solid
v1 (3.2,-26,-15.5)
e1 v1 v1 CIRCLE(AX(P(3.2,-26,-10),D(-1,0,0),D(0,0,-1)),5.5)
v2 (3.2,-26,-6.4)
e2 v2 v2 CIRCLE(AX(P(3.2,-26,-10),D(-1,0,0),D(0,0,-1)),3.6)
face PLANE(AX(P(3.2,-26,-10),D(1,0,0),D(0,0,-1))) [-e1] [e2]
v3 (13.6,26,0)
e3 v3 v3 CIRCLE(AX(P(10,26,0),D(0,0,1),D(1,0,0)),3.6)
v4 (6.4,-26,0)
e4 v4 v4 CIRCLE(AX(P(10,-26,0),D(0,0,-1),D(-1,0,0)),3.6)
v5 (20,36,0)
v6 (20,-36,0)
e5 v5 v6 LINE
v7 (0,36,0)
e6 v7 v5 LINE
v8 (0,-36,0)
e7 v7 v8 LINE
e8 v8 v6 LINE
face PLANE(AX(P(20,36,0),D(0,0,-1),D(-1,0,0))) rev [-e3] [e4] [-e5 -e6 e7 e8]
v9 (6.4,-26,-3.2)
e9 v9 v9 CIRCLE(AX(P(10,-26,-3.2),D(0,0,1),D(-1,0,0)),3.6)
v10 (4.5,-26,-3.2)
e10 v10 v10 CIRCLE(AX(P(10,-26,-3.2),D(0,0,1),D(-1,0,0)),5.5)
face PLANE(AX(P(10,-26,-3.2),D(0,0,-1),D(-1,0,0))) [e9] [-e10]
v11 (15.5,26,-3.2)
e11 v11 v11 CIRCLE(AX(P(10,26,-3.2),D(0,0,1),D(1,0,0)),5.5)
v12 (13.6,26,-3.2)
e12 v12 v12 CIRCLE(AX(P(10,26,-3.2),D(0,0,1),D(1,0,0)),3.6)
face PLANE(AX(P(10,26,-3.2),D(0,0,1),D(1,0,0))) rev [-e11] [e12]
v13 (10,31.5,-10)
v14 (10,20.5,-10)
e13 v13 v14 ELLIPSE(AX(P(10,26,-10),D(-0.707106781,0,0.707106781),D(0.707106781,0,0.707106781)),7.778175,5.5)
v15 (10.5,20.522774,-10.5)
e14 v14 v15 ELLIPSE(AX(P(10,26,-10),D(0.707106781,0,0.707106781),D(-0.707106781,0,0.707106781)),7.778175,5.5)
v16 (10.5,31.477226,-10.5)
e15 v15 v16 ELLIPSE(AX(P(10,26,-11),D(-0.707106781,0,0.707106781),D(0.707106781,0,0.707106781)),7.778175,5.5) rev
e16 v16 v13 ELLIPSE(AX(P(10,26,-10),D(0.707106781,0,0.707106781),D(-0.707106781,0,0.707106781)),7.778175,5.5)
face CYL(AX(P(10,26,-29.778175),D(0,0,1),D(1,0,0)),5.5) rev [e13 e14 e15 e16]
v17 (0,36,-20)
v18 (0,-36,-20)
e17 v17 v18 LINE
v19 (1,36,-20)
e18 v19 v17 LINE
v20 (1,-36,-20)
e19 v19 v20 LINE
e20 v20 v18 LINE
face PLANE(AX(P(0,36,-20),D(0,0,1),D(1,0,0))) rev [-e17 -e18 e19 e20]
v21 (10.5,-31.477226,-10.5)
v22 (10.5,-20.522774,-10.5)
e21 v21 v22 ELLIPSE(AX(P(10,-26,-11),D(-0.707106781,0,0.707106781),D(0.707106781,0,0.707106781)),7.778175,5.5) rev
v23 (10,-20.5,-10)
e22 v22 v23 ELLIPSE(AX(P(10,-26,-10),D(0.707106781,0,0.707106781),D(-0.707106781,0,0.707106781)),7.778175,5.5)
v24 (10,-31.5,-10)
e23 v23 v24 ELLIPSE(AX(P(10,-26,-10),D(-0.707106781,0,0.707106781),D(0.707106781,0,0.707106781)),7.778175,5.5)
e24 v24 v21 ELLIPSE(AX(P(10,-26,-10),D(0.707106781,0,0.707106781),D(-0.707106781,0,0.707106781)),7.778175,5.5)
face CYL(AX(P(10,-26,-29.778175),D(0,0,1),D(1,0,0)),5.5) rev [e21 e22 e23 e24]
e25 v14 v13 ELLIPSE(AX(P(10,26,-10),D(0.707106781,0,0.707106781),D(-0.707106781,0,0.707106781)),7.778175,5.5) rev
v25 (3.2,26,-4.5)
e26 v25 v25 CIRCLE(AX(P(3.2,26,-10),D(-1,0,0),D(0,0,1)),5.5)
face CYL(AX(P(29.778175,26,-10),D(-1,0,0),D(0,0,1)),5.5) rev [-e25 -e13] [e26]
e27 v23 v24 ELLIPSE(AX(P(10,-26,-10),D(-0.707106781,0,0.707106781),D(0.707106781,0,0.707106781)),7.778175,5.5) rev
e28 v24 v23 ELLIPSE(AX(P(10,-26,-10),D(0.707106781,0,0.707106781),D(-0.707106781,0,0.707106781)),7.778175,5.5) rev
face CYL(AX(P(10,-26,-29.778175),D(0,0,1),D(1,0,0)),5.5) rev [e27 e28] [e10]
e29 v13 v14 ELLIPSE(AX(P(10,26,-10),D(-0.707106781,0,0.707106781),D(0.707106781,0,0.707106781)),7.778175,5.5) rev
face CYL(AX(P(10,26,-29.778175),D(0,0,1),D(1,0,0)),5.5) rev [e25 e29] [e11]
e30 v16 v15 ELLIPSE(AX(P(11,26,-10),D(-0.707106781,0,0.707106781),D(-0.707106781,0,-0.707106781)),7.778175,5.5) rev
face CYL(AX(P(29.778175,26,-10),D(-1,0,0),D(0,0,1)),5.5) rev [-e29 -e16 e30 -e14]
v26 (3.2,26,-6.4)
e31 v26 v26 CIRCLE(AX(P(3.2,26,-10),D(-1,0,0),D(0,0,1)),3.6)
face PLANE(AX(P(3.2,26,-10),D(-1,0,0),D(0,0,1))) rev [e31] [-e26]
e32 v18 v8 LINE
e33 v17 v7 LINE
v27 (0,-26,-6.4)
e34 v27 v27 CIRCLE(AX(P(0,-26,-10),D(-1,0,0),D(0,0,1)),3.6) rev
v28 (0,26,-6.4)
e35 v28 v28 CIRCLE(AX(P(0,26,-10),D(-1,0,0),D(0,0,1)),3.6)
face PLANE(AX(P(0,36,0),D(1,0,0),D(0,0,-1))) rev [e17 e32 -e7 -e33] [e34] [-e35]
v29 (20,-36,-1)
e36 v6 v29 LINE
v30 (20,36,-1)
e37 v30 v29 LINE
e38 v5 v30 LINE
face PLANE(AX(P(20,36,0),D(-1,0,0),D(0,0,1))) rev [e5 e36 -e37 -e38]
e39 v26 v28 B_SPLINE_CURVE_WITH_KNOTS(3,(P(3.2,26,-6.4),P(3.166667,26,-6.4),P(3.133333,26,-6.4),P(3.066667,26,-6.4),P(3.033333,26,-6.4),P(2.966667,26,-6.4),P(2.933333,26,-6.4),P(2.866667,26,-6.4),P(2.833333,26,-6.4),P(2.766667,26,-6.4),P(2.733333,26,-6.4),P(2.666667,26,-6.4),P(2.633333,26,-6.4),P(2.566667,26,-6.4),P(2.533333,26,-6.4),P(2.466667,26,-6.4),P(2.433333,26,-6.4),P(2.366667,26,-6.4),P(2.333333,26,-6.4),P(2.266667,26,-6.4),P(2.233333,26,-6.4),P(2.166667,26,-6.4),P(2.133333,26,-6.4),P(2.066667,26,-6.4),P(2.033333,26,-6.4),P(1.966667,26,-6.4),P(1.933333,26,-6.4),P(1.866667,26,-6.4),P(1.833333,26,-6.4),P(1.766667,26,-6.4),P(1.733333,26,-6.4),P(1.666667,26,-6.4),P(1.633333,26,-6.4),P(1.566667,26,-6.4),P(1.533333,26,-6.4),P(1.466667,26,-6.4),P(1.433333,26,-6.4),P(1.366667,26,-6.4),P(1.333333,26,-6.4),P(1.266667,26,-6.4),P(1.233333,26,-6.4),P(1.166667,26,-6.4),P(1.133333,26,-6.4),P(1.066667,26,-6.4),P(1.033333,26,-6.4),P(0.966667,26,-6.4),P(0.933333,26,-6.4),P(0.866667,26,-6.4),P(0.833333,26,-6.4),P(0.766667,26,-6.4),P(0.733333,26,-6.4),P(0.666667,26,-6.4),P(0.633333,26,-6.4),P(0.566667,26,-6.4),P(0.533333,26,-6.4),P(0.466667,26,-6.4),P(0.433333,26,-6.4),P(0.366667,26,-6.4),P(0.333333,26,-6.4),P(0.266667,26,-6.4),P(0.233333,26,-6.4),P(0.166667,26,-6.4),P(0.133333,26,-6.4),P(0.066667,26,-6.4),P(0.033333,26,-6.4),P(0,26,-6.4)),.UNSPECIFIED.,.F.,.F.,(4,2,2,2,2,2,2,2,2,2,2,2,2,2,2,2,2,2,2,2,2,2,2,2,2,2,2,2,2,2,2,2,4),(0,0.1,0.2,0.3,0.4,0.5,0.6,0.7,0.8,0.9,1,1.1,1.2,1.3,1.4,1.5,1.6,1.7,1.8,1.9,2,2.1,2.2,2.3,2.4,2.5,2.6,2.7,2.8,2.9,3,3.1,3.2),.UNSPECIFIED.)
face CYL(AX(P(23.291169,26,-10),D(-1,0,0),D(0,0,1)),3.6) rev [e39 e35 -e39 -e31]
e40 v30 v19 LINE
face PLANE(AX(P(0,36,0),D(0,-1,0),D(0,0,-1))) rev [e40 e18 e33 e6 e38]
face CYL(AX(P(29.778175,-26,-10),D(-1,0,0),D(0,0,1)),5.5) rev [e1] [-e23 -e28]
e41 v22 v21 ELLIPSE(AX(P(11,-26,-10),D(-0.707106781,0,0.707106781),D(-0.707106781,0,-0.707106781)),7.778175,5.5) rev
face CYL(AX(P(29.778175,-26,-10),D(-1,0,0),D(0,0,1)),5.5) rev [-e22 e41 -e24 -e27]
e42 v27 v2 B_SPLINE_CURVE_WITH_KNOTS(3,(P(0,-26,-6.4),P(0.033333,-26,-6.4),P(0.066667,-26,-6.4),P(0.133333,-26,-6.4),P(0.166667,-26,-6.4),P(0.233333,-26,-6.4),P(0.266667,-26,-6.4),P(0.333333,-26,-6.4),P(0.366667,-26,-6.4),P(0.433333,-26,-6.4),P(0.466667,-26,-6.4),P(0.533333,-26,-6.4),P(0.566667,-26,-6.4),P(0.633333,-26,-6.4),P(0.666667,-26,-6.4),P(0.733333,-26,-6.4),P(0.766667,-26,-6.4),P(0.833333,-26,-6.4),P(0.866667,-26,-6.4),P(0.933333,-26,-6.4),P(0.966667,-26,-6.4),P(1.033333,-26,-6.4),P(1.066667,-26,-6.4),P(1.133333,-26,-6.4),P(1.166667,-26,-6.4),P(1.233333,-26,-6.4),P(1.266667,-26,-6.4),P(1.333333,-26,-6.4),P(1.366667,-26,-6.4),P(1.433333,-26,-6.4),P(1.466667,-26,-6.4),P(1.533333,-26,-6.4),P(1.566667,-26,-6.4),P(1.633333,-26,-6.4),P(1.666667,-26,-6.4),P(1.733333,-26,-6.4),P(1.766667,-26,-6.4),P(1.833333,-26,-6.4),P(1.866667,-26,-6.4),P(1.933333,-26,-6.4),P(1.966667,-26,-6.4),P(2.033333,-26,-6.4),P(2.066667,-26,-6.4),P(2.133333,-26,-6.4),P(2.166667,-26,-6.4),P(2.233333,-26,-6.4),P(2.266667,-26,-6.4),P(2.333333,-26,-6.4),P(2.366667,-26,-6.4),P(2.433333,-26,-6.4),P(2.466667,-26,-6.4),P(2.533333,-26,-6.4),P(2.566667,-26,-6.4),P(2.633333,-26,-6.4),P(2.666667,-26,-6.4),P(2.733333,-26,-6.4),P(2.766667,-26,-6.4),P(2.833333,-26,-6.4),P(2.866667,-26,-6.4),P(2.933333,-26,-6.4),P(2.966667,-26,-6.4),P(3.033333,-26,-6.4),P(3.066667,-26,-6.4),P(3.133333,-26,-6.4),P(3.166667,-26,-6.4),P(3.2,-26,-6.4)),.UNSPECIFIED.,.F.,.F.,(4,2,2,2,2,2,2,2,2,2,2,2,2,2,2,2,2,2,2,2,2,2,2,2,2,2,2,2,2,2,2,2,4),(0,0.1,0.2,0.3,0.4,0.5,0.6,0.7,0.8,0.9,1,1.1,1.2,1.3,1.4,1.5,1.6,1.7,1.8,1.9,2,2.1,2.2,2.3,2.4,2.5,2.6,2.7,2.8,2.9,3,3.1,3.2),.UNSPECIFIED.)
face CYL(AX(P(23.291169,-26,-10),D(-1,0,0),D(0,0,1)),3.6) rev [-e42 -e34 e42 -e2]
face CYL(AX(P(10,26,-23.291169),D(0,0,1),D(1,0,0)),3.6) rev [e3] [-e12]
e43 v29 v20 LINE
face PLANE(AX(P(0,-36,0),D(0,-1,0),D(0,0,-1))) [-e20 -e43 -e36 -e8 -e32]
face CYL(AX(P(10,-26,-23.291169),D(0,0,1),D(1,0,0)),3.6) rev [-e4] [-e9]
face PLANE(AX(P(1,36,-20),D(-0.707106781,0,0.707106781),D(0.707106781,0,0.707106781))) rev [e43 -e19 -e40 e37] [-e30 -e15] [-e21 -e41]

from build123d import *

# Parameters (mm, degrees)
BOSS_EXTRUDE1_DEPTH = 36
CUT_EXTRUDE1_REACH  = 47.782
SKETCH3_R           = 3.6
CUT_EXTRUDE3_REACH  = 50.982
CUT_EXTRUDE3_START  = -3.2
SKETCH3_4_R         = 5.5
SKETCH3_4_R_2       = 3.6
CUT_EXTRUDE2_REACH  = 47.782
SKETCH4_R           = 3.6
CUT_EXTRUDE4_REACH  = 50.982
CUT_EXTRUDE4_START  = -3.2
SKETCH4_3_R         = 5.5
SKETCH4_3_R_2       = 3.6


with BuildPart() as part:
    # Sketch2 → Boss-Extrude1 (new, symmetric)
    with BuildSketch(Plane(origin=(0, 0, 0), x_dir=(1, 0, 0), z_dir=(0, 1, 0))):
        Polygon((0, 0), (0, 20), (1, 20), (20, 1), (20, 0), align=None)
    extrude(amount=BOSS_EXTRUDE1_DEPTH, both=True)

    # Cut-Extrude1: up to this plane
    cut_extrude1_end = Plane(origin=(1, 36, -20), z_dir=(-0.7071067811865476, 0, 0.7071067811865476))
    # Sketch3 → Cut-Extrude1 (cut, up to the surface)
    with BuildSketch(Plane.XY, mode=Mode.PRIVATE) as cut_extrude1_sk1:
        with Locations((10, 26)):
            Circle(SKETCH3_R)
    cut_extrude1_tool1 = split(extrude(cut_extrude1_sk1.sketch, amount=-CUT_EXTRUDE1_REACH, mode=Mode.PRIVATE), bisect_by=cut_extrude1_end, keep=Keep.BOTH, mode=Mode.PRIVATE)
    add(cut_extrude1_tool1.solids().sort_by_distance((10, 26, 0))[0], mode=Mode.SUBTRACT)
    # Sketch3 → Cut-Extrude1 (cut, up to the surface)
    with BuildSketch(Plane.XY, mode=Mode.PRIVATE) as cut_extrude1_sk2:
        with Locations((10, -26)):
            Circle(SKETCH3_R)
    cut_extrude1_tool2 = split(extrude(cut_extrude1_sk2.sketch, amount=-CUT_EXTRUDE1_REACH, mode=Mode.PRIVATE), bisect_by=cut_extrude1_end, keep=Keep.BOTH, mode=Mode.PRIVATE)
    add(cut_extrude1_tool2.solids().sort_by_distance((10, -26, 0))[0], mode=Mode.SUBTRACT)

    # Cut-Extrude3: up to this plane
    cut_extrude3_end = Plane(origin=(1, 36, -20), z_dir=(-0.7071067811865476, 0, 0.7071067811865476))
    # Sketch3<4> → Cut-Extrude3 (cut, up to the surface)
    with BuildSketch(Plane.XY.offset(CUT_EXTRUDE3_START), mode=Mode.PRIVATE) as cut_extrude3_sk1:
        with Locations((10, 26)):
            Circle(SKETCH3_4_R)
        with Locations((10, 26)):
            Circle(SKETCH3_4_R_2, mode=Mode.SUBTRACT)
    cut_extrude3_tool1 = split(extrude(cut_extrude3_sk1.sketch, amount=-CUT_EXTRUDE3_REACH, mode=Mode.PRIVATE), bisect_by=cut_extrude3_end, keep=Keep.BOTH, mode=Mode.PRIVATE)
    add(cut_extrude3_tool1.solids().sort_by_distance((4.655563, 26, -3.2))[0], mode=Mode.SUBTRACT)
    # Sketch3<4> → Cut-Extrude3 (cut, up to the surface)
    with BuildSketch(Plane.XY.offset(CUT_EXTRUDE3_START), mode=Mode.PRIVATE) as cut_extrude3_sk2:
        with Locations((10, -26)):
            Circle(SKETCH3_4_R)
        with Locations(Location((10, -26, 0), (0, 0, 180))):
            Circle(SKETCH3_4_R_2, mode=Mode.SUBTRACT)
    cut_extrude3_tool2 = split(extrude(cut_extrude3_sk2.sketch, amount=-CUT_EXTRUDE3_REACH, mode=Mode.PRIVATE), bisect_by=cut_extrude3_end, keep=Keep.BOTH, mode=Mode.PRIVATE)
    add(cut_extrude3_tool2.solids().sort_by_distance((4.655563, -26, -3.2))[0], mode=Mode.SUBTRACT)

    # Cut-Extrude2: up to this face of the body (flat: up to its plane)
    cut_extrude2_end = Plane(part.part.faces().sort_by_distance((10.58067787, 0, -10.41932213))[0])
    # Sketch4 → Cut-Extrude2 (cut, up to the picked face)
    with BuildSketch(Plane.ZY, mode=Mode.PRIVATE) as cut_extrude2_sk1:
        with Locations((-10, 26)):
            Circle(SKETCH4_R)
    cut_extrude2_tool1 = split(extrude(cut_extrude2_sk1.sketch, amount=-CUT_EXTRUDE2_REACH, mode=Mode.PRIVATE), bisect_by=cut_extrude2_end, keep=Keep.BOTH, mode=Mode.PRIVATE)
    # Sketch4 → Cut-Extrude2 (cut, up to the picked face)
    with BuildSketch(Plane.ZY, mode=Mode.PRIVATE) as cut_extrude2_sk2:
        with Locations((-10, -26)):
            Circle(SKETCH4_R)
    cut_extrude2_tool2 = split(extrude(cut_extrude2_sk2.sketch, amount=-CUT_EXTRUDE2_REACH, mode=Mode.PRIVATE), bisect_by=cut_extrude2_end, keep=Keep.BOTH, mode=Mode.PRIVATE)
    add(cut_extrude2_tool1.solids().sort_by(Axis((0, 26, -10), (1, 0, 0)))[0], mode=Mode.SUBTRACT)
    add(cut_extrude2_tool2.solids().sort_by(Axis((0, -26, -10), (1, 0, 0)))[0], mode=Mode.SUBTRACT)

    # Cut-Extrude4: up to this plane
    cut_extrude4_end = Plane(origin=(1, 36, -20), z_dir=(-0.7071067811865476, 0, 0.7071067811865476))
    # Sketch4<3> → Cut-Extrude4 (cut, up to the surface)
    with BuildSketch(Plane.ZY.offset(CUT_EXTRUDE4_START), mode=Mode.PRIVATE) as cut_extrude4_sk1:
        with Locations((-10, 26)):
            Circle(SKETCH4_3_R)
        with Locations((-10, 26)):
            Circle(SKETCH4_3_R_2, mode=Mode.SUBTRACT)
    cut_extrude4_tool1 = split(extrude(cut_extrude4_sk1.sketch, amount=-CUT_EXTRUDE4_REACH, mode=Mode.PRIVATE), bisect_by=cut_extrude4_end, keep=Keep.BOTH, mode=Mode.PRIVATE)
    add(cut_extrude4_tool1.solids().sort_by_distance((3.2, 26, -15.344437))[0], mode=Mode.SUBTRACT)
    # Sketch4<3> → Cut-Extrude4 (cut, up to the surface)
    with BuildSketch(Plane.ZY.offset(CUT_EXTRUDE4_START), mode=Mode.PRIVATE) as cut_extrude4_sk2:
        with Locations(Location((-10, -26, 0), (0, 0, 270))):
            Circle(SKETCH4_3_R)
        with Locations((-10, -26)):
            Circle(SKETCH4_3_R_2, mode=Mode.SUBTRACT)
    cut_extrude4_tool2 = split(extrude(cut_extrude4_sk2.sketch, amount=-CUT_EXTRUDE4_REACH, mode=Mode.PRIVATE), bisect_by=cut_extrude4_end, keep=Keep.BOTH, mode=Mode.PRIVATE)
    add(cut_extrude4_tool2.solids().sort_by_distance((3.2, -20.655563, -10))[0], mode=Mode.SUBTRACT)


solid = part.part
